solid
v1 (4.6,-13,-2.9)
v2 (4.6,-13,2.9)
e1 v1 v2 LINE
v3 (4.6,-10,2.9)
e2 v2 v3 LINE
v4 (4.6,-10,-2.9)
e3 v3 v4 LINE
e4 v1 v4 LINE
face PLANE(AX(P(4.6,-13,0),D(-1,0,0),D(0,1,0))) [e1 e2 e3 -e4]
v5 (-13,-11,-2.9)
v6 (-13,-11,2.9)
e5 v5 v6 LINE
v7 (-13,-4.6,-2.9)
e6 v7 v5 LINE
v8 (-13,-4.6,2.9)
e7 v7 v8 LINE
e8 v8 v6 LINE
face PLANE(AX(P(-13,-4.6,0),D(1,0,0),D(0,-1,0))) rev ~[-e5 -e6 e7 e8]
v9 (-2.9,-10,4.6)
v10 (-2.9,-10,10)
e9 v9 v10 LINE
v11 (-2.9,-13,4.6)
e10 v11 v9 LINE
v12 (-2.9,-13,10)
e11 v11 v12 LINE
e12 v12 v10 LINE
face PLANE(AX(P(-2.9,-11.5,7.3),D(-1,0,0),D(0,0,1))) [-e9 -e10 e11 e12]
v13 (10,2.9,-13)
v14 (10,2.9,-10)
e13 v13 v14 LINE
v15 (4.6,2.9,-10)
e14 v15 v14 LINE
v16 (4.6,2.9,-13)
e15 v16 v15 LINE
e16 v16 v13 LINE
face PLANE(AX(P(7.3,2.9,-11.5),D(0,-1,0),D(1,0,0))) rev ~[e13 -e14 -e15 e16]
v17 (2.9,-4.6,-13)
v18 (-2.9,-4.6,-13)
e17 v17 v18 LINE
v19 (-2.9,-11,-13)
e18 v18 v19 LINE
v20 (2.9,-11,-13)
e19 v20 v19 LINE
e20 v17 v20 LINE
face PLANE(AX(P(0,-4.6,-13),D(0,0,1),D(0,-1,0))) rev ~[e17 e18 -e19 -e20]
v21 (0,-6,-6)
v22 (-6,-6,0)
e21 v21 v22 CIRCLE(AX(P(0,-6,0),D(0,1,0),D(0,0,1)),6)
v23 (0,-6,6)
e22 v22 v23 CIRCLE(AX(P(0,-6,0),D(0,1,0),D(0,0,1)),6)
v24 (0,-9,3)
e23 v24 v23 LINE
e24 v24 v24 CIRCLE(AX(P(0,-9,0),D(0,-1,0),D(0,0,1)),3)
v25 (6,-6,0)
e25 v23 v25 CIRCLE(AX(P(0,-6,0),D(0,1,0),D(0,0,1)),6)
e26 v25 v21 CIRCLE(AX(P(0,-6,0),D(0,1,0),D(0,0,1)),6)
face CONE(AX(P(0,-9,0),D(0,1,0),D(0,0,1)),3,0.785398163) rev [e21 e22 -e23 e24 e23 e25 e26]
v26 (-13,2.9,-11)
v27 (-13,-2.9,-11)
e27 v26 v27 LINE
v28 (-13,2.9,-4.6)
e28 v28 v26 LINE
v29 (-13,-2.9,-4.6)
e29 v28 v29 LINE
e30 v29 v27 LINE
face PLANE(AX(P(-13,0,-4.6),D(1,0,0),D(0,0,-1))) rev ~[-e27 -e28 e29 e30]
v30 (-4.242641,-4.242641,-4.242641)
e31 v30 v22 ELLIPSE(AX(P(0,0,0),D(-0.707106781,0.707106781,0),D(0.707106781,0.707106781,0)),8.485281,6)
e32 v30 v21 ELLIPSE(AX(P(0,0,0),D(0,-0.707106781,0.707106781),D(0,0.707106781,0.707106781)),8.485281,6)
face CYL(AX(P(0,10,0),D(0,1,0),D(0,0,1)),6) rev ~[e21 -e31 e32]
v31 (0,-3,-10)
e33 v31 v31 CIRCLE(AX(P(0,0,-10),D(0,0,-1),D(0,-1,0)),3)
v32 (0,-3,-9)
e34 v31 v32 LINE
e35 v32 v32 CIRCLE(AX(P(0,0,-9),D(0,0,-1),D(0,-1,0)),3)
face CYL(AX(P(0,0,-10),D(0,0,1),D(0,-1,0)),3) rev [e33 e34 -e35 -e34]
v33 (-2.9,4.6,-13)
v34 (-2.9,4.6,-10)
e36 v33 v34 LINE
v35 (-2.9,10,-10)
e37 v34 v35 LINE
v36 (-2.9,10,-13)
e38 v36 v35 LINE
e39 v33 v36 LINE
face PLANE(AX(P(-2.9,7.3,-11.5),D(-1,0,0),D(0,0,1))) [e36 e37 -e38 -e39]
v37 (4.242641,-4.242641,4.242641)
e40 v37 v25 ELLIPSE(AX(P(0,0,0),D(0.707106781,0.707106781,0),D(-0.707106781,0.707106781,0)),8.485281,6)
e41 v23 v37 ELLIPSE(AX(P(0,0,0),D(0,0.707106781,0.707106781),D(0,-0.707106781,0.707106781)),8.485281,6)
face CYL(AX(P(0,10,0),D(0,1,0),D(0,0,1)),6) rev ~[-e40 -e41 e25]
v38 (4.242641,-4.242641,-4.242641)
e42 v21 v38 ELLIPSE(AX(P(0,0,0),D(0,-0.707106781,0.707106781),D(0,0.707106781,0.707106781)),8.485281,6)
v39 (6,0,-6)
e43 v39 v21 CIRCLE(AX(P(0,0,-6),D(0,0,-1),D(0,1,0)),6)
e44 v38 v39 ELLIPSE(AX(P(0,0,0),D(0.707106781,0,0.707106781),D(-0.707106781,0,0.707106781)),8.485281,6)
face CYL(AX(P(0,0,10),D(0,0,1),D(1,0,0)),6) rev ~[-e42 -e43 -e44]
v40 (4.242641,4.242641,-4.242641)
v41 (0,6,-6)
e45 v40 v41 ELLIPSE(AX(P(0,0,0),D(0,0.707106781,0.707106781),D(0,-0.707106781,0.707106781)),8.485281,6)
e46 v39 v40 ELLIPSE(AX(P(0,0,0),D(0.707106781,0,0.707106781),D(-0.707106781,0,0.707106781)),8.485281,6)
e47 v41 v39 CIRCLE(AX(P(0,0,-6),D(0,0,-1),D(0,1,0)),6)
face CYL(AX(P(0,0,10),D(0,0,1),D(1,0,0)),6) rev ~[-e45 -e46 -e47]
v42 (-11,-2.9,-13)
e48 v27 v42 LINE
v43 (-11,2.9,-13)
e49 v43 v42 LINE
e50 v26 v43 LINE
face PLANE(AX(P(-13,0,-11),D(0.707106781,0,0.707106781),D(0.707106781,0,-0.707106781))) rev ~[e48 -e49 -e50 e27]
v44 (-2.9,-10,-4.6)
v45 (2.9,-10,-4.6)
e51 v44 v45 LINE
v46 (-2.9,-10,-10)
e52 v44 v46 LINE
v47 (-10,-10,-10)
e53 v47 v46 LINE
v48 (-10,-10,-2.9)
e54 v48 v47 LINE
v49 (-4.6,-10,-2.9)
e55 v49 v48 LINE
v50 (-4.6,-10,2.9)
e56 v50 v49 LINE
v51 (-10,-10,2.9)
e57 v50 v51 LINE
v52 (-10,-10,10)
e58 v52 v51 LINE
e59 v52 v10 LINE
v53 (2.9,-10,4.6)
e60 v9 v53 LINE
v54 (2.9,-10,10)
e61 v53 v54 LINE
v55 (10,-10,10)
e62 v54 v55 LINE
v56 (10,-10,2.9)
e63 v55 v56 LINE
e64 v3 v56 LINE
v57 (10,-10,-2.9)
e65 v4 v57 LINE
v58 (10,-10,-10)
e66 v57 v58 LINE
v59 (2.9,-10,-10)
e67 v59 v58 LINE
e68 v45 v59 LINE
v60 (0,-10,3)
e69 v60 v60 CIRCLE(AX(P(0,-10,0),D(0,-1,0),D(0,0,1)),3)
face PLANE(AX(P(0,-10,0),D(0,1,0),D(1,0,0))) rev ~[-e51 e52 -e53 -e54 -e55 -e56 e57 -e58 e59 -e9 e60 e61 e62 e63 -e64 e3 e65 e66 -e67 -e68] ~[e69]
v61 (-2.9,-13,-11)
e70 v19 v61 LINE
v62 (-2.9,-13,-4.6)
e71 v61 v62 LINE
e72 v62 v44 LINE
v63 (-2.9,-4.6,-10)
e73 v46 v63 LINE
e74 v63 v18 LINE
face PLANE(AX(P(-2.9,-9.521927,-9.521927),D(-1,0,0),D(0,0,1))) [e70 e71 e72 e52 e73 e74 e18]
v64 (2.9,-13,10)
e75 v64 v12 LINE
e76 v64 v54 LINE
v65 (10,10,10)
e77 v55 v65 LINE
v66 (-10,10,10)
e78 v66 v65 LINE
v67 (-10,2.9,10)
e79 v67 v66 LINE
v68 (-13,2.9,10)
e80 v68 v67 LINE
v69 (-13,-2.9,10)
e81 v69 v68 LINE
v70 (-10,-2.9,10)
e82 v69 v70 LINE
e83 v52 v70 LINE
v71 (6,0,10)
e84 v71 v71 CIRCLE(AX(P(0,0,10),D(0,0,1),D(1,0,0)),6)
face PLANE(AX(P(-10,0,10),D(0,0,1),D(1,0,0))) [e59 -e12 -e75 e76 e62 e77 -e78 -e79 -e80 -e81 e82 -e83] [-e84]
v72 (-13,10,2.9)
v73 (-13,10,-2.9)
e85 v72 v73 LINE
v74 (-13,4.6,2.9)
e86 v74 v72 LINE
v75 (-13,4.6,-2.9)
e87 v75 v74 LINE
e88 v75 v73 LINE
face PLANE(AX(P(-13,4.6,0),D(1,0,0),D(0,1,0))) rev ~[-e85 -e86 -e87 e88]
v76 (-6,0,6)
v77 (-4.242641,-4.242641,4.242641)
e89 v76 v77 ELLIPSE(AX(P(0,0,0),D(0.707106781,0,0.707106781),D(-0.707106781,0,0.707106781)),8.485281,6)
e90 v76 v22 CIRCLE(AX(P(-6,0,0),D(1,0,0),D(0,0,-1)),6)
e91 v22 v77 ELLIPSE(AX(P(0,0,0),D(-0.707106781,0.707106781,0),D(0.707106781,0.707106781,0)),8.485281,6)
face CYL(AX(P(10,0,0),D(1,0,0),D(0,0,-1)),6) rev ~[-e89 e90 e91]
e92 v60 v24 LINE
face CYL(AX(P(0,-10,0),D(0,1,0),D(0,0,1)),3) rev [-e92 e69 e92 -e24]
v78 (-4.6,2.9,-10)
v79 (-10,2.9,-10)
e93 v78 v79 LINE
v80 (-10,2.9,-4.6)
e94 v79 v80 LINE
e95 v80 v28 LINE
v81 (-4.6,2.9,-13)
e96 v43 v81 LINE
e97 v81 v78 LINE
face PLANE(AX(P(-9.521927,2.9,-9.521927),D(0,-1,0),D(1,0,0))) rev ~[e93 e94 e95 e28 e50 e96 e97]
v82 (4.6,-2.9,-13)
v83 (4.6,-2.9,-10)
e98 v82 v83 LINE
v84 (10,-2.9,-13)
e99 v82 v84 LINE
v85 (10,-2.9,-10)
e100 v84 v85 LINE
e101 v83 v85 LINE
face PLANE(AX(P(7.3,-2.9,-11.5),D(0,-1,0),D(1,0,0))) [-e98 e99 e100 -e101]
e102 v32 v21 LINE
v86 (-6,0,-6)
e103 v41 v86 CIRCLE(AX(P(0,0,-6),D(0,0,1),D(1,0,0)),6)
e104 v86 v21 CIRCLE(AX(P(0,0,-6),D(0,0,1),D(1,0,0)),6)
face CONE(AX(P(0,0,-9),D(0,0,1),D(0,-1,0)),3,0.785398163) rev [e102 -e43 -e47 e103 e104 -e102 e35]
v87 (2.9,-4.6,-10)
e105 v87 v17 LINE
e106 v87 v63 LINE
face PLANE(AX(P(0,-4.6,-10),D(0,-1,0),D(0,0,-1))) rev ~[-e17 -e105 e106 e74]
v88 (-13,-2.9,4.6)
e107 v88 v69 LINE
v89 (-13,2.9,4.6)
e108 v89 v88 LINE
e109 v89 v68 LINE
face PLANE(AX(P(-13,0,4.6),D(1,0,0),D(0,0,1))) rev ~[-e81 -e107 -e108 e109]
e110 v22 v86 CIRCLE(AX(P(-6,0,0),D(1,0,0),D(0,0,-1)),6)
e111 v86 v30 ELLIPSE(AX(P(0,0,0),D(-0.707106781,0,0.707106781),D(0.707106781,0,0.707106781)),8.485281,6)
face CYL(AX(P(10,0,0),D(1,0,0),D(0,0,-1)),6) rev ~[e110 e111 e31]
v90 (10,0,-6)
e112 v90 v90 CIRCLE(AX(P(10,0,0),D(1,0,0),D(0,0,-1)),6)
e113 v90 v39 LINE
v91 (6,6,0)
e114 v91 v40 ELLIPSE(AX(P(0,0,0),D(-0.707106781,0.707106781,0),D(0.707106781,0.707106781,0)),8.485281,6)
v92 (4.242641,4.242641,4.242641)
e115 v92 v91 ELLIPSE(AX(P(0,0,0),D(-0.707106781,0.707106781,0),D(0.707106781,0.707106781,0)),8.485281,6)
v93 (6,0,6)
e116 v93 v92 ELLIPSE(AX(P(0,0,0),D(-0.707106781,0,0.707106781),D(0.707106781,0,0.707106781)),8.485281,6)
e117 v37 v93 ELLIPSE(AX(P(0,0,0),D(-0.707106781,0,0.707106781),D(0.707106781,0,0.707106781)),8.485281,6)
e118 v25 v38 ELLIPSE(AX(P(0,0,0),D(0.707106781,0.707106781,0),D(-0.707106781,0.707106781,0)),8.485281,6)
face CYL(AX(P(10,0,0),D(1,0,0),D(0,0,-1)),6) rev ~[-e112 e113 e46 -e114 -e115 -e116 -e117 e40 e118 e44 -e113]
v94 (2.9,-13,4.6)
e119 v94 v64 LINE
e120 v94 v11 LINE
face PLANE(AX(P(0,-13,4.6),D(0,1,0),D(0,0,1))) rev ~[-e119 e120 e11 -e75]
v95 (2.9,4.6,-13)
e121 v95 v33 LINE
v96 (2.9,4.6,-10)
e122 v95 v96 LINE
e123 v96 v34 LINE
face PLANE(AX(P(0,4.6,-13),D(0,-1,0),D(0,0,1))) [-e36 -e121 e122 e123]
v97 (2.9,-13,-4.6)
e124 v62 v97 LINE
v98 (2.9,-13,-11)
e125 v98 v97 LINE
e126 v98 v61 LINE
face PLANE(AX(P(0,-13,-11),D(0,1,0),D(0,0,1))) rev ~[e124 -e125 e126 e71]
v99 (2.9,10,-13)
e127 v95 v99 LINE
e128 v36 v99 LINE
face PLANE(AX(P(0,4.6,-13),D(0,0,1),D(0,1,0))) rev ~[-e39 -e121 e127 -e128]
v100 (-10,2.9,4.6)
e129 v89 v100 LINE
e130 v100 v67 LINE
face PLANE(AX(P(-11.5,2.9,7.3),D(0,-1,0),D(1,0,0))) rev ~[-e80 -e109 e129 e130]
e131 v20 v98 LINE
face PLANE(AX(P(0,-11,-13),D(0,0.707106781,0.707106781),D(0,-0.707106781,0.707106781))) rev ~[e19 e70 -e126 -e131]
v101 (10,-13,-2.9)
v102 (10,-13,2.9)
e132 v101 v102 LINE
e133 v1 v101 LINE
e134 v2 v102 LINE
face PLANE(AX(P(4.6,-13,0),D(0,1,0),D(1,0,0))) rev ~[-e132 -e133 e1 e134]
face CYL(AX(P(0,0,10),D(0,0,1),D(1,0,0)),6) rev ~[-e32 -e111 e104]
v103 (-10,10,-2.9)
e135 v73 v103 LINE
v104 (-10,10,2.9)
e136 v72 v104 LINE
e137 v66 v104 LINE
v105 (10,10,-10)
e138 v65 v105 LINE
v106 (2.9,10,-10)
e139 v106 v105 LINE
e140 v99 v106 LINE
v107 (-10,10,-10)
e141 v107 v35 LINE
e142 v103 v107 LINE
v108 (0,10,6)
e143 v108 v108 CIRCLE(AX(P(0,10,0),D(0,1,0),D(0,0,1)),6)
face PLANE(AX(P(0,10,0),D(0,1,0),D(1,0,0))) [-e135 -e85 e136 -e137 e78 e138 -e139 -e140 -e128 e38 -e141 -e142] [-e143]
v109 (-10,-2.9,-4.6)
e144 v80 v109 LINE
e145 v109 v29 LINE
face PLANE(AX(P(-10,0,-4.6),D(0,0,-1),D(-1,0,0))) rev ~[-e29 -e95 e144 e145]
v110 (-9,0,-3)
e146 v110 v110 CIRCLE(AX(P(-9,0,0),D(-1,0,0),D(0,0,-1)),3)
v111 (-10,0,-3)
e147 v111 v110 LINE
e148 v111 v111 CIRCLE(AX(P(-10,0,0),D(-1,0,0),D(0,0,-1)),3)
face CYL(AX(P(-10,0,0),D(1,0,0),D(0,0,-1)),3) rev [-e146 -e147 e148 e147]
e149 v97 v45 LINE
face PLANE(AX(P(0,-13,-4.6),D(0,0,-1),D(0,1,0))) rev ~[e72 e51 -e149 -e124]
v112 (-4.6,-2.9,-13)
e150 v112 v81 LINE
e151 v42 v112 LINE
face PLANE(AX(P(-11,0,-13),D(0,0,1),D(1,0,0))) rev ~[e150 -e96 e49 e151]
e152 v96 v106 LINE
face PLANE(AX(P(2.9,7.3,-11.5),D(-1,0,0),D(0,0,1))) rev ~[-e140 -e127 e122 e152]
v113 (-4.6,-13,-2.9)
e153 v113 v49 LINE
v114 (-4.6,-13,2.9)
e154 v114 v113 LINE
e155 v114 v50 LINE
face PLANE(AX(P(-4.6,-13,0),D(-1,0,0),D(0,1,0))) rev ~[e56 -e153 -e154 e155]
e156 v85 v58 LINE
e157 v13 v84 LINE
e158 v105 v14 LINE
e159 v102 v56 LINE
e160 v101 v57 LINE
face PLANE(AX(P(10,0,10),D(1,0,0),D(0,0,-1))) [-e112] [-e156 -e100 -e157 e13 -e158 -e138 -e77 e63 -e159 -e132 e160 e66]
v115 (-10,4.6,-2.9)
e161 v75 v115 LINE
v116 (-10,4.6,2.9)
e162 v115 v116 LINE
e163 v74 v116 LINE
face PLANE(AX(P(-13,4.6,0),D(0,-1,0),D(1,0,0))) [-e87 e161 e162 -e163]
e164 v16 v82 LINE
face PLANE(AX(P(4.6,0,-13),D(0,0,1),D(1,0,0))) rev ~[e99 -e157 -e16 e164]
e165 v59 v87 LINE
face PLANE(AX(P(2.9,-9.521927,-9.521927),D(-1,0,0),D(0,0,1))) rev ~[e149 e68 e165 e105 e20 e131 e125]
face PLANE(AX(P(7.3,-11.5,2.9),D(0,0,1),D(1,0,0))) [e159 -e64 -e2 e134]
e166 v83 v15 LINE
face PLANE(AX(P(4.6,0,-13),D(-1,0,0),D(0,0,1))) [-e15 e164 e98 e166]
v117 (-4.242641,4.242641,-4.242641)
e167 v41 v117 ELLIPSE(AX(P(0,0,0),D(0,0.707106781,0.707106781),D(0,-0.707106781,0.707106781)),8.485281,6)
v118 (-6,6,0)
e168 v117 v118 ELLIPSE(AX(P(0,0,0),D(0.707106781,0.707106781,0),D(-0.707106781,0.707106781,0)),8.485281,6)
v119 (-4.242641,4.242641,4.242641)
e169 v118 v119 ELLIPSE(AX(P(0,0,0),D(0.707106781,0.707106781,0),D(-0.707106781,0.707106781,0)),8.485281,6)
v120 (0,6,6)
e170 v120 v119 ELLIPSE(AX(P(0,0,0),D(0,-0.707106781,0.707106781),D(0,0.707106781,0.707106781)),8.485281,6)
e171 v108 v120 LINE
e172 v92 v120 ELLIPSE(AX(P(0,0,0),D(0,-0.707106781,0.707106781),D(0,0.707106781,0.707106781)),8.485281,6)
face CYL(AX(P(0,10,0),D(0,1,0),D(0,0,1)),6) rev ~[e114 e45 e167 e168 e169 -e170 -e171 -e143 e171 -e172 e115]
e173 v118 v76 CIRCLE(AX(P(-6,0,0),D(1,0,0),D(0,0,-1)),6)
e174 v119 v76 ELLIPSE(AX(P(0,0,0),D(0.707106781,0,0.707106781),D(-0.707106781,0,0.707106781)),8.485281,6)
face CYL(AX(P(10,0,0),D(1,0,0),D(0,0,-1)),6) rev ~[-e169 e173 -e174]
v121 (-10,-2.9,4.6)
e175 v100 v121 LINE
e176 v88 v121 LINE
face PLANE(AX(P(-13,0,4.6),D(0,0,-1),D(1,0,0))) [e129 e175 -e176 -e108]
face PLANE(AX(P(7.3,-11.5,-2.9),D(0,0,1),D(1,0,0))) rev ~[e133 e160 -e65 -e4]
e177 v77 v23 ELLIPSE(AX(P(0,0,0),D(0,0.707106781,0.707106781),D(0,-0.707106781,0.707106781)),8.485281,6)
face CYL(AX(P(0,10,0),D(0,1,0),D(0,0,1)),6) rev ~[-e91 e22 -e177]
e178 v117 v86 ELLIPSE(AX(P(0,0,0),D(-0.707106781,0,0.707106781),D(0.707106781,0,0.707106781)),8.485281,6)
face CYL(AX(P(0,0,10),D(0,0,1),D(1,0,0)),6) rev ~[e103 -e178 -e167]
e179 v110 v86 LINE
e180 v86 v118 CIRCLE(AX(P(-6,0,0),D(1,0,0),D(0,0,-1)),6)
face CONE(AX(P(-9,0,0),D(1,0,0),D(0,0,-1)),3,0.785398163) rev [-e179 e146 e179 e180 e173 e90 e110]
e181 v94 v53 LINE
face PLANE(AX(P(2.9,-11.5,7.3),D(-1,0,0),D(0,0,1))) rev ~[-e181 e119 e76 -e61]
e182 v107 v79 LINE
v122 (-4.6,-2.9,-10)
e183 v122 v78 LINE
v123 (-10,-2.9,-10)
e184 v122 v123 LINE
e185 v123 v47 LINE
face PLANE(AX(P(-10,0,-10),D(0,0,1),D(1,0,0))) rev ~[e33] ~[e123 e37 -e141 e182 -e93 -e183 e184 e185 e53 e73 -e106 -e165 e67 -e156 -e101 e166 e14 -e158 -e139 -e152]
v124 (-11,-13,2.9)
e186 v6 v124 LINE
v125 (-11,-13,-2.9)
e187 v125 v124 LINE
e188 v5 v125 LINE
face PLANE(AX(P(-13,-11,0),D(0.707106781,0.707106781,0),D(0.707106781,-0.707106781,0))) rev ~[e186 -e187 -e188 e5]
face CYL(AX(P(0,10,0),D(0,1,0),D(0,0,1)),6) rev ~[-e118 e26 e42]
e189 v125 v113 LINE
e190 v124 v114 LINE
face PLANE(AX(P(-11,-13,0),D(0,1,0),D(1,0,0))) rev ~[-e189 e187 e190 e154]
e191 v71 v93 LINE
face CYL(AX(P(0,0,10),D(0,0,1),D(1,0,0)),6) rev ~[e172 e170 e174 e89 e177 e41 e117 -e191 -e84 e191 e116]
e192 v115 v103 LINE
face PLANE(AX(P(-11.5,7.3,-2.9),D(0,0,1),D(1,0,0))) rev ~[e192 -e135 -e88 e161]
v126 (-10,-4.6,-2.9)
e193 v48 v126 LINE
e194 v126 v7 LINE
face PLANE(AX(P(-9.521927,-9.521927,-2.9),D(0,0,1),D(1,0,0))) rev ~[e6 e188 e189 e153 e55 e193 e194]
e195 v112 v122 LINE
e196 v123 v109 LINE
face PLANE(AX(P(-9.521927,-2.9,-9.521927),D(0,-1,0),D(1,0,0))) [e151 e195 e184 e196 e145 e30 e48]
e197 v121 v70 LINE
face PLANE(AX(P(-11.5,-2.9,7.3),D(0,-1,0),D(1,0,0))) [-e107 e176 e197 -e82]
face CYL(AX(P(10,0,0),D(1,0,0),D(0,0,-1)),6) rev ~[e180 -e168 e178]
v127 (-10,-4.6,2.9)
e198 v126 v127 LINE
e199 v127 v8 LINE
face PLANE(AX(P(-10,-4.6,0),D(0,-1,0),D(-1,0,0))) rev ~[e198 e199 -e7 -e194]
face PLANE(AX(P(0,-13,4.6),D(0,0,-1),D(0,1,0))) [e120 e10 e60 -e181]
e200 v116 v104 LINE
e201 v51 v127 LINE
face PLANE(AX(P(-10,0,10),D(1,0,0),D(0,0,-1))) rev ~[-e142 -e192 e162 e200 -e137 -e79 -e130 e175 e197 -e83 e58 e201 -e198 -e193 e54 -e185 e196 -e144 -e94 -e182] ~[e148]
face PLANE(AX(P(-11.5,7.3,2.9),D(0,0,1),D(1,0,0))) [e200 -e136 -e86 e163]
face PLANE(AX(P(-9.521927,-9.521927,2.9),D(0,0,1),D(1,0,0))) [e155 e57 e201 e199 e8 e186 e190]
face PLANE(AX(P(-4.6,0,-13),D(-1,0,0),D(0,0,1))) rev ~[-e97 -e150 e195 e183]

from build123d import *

# Parameters (mm, degrees)
SKETCH1_W           = 20
SKETCH1_H           = 20
BOSS_EXTRUDE1_DEPTH = 10
SKETCH_Z_R          = 6
CUT_EXTRUDE1_DEPTH  = 16
SKETCH_Y_R          = 6
CUT_EXTRUDE2_DEPTH  = 16
SKETCH_X_R          = 6
CUT_EXTRUDE3_DEPTH  = 16
SKETCH32_W          = 5.4
SKETCH32_H          = 3
SKETCH32_W_2        = 3
SKETCH32_H_2        = 5.4
CON_DEPTH           = 2.9
CIRPATTERN5_COUNT   = 2
CIRPATTERN5_ANGLE   = 270
CIRPATTERN9_COUNT   = 2
CIRPATTERN9_ANGLE   = 90


with BuildPart() as part:
    # Sketch1 → Boss-Extrude1 (new, symmetric)
    with BuildSketch(Plane(origin=(0, 0, 0), x_dir=(1, 0, 0), z_dir=(0, 1, 0))):
        Rectangle(SKETCH1_W, SKETCH1_H)
    extrude(amount=BOSS_EXTRUDE1_DEPTH, both=True)

    # Sketch Z → Cut-Extrude1 (cut)
    with BuildSketch(Plane.XY.offset(10)):
        Circle(SKETCH_Z_R)
    extrude(amount=-CUT_EXTRUDE1_DEPTH, mode=Mode.SUBTRACT)

    # Sketch Y → Cut-Extrude2 (cut)
    with BuildSketch(Plane(origin=(0, 10, 0), x_dir=(1, 0, 0), z_dir=(0, 1, 0))):
        with Locations(Location((0, 0, 0), (0, 0, 270))):
            Circle(SKETCH_Y_R)
    extrude(amount=-CUT_EXTRUDE2_DEPTH, mode=Mode.SUBTRACT)

    # Sketch X → Cut-Extrude3 (cut)
    with BuildSketch(Plane(origin=(10, 0, 0), x_dir=(0, 0, -1), z_dir=(1, 0, 0))):
        Circle(SKETCH_X_R)
    extrude(amount=-CUT_EXTRUDE3_DEPTH, mode=Mode.SUBTRACT)

    # Sketch23 → CSK for M6 Flat Head Machine Screw23 (revolve, cut)
    with BuildSketch(Plane(origin=(-6, 0, 0), x_dir=(0, 0, -1), z_dir=(0, 1, 0))):
        Polygon((0, 0), (0, 4), (3, 4), (3, 3), (6, 0), align=None)
    revolve(axis=Axis((0.35, 0, 0), (-1, 0, 0)), mode=Mode.SUBTRACT)

    # Sketch24 → CSK for M6 Flat Head Machine Screw24 (revolve, cut)
    with BuildSketch(Plane(origin=(0, 0, -6), x_dir=(0, -1, 0), z_dir=(1, 0, 0))):
        Polygon((0, 0), (0, 4), (3, 4), (3, 3), (6, 0), align=None)
    revolve(axis=Axis((0, 0, 0.35), (0, 0, -1)), mode=Mode.SUBTRACT)

    # Sketch26 → CSK for M6 Flat Head Machine Screw25 (revolve, cut)
    with BuildSketch(Plane(origin=(0, -6, 0), x_dir=(0, 0, 1), z_dir=(1, 0, 0))):
        Polygon((0, 0), (0, 4), (3, 4), (3, 3), (6, 0), align=None)
    revolve(axis=Axis((0, 0.35, 0), (0, -1, 0)), mode=Mode.SUBTRACT)

    # Sketch32 → con (add, symmetric)
    with BuildSketch(Plane.XY):
        Polygon((-10, -10), (-10, -4.6), (-13, -4.6), (-13, -11), (-11, -13), (-4.6, -13), (-4.6, -10), align=None)
        with Locations((7.3, -11.5)):
            Rectangle(SKETCH32_W, SKETCH32_H)
        with Locations((-11.5, 7.3)):
            Rectangle(SKETCH32_W_2, SKETCH32_H_2)
    con = extrude(amount=CON_DEPTH, both=True)

    # CirPattern5: con ×2 about axis
    cirpattern5_axis = Axis((0, 0, 0), (0, 1, 0))
    for i in range(1, CIRPATTERN5_COUNT):
        add(con.rotate(cirpattern5_axis, i * CIRPATTERN5_ANGLE / (CIRPATTERN5_COUNT - 1)))

    # CirPattern9: con ×2 about axis
    cirpattern9_axis = Axis((0, 0, 0), (1, 0, 0))
    for i in range(1, CIRPATTERN9_COUNT):
        add(con.rotate(cirpattern9_axis, i * CIRPATTERN9_ANGLE / (CIRPATTERN9_COUNT - 1)))


solid = part.part
